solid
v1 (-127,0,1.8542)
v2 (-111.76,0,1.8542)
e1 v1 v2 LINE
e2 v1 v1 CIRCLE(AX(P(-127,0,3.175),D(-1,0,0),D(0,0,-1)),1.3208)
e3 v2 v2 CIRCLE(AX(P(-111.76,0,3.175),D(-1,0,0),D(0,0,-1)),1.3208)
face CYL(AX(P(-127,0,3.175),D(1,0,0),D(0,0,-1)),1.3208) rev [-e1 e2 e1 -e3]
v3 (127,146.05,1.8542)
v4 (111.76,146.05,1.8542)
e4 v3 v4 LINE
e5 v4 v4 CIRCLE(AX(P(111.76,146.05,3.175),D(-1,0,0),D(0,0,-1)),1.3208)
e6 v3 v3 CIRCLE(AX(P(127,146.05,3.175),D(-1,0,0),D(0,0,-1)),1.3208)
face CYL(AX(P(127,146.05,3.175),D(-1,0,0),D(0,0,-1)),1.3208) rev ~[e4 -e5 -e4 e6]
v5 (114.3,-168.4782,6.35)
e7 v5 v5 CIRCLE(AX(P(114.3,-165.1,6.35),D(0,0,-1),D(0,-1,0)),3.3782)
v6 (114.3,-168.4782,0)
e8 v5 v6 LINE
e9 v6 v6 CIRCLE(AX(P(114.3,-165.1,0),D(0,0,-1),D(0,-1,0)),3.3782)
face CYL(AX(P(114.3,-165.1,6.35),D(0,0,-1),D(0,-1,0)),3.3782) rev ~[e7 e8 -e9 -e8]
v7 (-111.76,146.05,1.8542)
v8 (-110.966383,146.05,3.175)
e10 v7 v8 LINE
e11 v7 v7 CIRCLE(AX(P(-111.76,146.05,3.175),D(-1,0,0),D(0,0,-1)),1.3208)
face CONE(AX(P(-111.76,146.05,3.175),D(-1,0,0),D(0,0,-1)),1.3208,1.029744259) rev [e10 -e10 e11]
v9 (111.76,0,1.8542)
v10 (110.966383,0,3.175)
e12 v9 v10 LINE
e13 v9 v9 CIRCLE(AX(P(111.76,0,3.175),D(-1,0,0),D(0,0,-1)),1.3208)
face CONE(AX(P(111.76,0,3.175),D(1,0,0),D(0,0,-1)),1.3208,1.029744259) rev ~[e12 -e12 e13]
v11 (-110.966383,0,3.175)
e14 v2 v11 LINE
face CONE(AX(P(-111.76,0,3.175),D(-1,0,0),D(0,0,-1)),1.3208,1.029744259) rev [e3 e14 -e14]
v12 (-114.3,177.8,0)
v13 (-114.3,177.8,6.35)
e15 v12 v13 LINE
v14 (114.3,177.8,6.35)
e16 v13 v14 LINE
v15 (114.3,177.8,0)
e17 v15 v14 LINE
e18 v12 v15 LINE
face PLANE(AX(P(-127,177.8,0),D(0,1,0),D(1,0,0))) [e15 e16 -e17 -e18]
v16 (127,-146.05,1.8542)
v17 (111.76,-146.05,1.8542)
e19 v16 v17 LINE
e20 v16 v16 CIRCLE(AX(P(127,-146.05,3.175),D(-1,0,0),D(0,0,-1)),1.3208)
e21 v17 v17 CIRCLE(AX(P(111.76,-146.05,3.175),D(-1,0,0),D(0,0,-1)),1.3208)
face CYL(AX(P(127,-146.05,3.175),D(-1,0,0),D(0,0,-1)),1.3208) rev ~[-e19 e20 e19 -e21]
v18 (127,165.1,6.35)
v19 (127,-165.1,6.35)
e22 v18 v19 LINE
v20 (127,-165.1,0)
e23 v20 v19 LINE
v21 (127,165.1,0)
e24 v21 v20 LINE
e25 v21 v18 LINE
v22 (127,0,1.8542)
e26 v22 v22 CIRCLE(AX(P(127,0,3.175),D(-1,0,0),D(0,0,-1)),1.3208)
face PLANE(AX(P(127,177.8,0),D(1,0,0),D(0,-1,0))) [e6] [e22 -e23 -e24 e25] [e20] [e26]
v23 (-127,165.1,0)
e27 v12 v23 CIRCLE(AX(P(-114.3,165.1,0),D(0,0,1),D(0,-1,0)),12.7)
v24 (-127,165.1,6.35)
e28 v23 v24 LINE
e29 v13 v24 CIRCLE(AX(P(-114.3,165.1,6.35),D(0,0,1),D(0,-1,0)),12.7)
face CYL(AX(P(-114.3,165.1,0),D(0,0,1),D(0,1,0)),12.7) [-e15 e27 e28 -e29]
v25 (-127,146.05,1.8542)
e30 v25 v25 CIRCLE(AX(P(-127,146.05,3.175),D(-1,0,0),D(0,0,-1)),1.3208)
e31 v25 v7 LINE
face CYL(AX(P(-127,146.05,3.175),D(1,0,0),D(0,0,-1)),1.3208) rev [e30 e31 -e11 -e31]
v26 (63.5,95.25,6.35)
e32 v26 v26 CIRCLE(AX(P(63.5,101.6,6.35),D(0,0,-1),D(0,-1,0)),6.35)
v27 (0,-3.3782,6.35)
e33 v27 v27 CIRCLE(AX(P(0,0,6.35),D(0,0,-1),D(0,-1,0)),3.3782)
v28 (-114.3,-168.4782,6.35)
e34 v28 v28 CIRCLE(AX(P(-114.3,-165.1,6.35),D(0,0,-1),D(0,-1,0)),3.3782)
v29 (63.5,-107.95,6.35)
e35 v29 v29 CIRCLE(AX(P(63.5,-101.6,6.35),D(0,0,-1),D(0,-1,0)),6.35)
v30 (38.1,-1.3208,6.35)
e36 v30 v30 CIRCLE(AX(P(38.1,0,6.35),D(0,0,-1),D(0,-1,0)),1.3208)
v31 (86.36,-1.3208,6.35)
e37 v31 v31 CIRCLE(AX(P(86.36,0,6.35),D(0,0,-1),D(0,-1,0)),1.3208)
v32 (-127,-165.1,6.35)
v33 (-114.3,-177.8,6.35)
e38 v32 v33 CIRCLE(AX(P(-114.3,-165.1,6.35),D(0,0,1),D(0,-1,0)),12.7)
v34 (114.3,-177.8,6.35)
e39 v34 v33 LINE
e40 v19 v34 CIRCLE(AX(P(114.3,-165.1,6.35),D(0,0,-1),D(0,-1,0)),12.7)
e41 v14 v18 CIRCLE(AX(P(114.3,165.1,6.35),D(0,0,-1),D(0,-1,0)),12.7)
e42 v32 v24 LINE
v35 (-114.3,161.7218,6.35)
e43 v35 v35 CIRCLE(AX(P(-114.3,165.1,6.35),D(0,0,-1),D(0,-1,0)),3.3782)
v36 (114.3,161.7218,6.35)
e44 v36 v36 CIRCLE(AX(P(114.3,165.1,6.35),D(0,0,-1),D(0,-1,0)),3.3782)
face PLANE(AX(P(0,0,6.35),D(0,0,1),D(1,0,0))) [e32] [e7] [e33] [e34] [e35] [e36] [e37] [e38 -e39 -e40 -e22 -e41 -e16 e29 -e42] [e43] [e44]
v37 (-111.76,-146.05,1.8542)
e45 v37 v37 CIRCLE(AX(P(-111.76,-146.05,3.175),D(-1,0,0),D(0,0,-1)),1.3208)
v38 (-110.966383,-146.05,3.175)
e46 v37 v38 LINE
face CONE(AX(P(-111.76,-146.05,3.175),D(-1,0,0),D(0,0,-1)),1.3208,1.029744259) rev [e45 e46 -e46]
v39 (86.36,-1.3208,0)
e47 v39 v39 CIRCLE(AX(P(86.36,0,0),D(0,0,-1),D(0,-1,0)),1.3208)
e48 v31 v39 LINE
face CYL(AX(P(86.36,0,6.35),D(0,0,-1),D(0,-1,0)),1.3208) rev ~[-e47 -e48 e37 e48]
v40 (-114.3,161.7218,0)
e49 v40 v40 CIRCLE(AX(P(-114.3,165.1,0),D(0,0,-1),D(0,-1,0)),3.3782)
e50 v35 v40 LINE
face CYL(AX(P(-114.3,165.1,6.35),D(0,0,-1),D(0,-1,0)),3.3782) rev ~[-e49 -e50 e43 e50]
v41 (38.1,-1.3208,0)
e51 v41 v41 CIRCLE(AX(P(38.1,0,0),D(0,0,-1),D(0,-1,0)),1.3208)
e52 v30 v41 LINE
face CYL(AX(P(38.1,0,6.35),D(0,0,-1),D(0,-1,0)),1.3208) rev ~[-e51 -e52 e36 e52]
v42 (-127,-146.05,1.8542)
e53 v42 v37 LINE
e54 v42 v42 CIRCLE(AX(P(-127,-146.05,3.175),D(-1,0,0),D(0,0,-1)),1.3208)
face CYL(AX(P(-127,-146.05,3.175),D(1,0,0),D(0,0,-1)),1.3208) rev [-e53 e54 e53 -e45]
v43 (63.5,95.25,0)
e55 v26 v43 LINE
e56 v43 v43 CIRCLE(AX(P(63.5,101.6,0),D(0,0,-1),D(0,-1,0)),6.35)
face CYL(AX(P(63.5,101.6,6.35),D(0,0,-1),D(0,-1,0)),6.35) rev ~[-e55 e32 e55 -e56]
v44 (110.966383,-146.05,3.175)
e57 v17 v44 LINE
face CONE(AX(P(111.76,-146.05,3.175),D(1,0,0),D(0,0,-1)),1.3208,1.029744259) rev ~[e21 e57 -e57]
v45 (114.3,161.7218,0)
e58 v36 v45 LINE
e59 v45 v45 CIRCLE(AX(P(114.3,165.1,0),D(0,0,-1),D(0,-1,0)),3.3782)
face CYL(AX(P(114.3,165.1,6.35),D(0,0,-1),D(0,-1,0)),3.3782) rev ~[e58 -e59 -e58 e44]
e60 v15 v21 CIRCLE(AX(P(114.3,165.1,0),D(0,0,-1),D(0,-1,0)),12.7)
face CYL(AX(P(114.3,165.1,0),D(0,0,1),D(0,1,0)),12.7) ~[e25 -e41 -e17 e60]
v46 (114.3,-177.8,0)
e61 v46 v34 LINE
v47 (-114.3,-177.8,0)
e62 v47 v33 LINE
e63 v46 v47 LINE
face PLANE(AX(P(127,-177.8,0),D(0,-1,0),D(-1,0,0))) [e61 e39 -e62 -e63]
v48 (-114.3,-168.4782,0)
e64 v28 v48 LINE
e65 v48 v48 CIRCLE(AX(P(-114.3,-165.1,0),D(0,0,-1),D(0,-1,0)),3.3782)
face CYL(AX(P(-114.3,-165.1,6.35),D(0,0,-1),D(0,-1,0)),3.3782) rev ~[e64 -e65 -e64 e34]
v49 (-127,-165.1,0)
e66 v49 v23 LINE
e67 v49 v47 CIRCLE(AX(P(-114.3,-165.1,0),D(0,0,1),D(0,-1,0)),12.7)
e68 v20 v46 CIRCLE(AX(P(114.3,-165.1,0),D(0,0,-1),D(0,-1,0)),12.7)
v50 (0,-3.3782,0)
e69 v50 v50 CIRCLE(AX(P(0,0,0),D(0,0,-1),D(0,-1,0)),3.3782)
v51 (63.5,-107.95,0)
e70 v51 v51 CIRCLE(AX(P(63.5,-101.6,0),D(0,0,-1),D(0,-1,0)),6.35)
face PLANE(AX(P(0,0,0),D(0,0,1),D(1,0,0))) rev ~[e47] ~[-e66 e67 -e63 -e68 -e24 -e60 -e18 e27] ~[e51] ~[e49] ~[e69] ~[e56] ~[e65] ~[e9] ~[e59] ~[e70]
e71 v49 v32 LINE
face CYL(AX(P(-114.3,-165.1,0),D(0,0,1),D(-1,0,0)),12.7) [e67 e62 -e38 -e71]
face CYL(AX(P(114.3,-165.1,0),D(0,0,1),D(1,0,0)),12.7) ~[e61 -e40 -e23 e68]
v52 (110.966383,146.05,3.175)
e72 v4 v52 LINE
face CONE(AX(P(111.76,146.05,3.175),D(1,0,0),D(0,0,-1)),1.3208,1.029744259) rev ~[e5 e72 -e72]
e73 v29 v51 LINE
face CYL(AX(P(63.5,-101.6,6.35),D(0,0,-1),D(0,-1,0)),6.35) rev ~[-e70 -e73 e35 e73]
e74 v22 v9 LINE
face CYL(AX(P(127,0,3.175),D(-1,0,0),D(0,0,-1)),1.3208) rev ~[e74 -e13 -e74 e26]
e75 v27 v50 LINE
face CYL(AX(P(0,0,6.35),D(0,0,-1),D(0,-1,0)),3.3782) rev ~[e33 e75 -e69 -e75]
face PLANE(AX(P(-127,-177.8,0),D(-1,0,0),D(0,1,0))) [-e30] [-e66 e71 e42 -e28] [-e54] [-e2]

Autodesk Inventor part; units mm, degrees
ref_plane "YZ Plane" through (0, 0, 0) normal (1, 0, 0) x (0, 1, 0)
ref_plane "XZ Plane" through (0, 0, 0) normal (0, 1, 0) x (-1, 0, 0)
ref_plane "XY Plane" through (0, 0, 0) normal (0, 0, 1) x (1, 0, 0)
sketch "Sketch1" plane through (0, 0, 0) normal (0, 0, 1) x (1, 0, 0)
  line L0 (-127, 177.8) -> (127, 177.8)
  line L1 (127, 177.8) -> (127, -177.8)
  line L2 (127, -177.8) -> (-127, -177.8)
  line L3 (-127, -177.8) -> (-127, 177.8)
  point P0 (0, 0)
  dimension "d0" = 254
  dimension "d1" = 127
  dimension "d2" = 355.6
  dimension "d3" = 177.8
extrude "Extrusion1" add sketch "Sketch1" along normal blind 6.35
sketch "Sketch2" plane through (0, 0, 6.35) normal (0, 0, 1) x (1, 0, 0)
  line L0 (-114.3, 165.1) -> (114.3, 165.1) construction
  line L1 (114.3, 165.1) -> (114.3, -165.1) construction
  line L2 (114.3, -165.1) -> (-114.3, -165.1) construction
  line L3 (-114.3, -165.1) -> (-114.3, 165.1) construction
  line L4 (-127, 177.8) -> (127, 177.8) construction
  line L5 (127, -177.8) -> (-127, -177.8) construction
  line L6 (-127, -177.8) -> (-127, 177.8) construction
  line L7 (127, 177.8) -> (127, -177.8) construction
  point P0 (0, 0)
  point P1 (0, 0)
  dimension "d6" = 12.7
  dimension "d7" = 12.7
  dimension "d8" = 12.7
  dimension "d9" = 12.7
hole "Hole1" at (-114.3, 165.1, 6.35) at (114.3, 165.1, 6.35) at (114.3, -165.1, 6.35) at (-114.3, -165.1, 6.35) at (0, 0, 6.35) direction (0, 0, -1) diameter 6.7564 end through all clearance for "Flat Head Machine Screw (82)" size "1/4" standard "Ansi Unified Screw Threads"
fillet "Fillet1" radius 12.7 4 edges at (127, -177.8, 3.175) (-127, -177.8, 3.175) (127, 177.8, 3.175) (-127, 177.8, 3.175)
sketch "Sketch9" plane through (127, -165.1, 0) normal (1, 0, 0) x (0, 0, -1)
  line L0 (-6.35, 330.2) -> (0, 330.2) projected
  line L1 (-6.35, 330.2) -> (-6.35, 0) projected
  line L2 (0, 0) -> (-6.35, 0) projected
  line L3 (0, 330.2) -> (0, 0) projected
  line L4 (-3.175, 330.2) -> (-3.175, 0) construction
  line L5 (0, 165.1) -> (-6.35, 165.1) construction
  point P0 (-3.175, 165.1)
  point P1 (-3.175, 311.15)
  point P2 (-3.175, 19.05)
  dimension "d68" = 146.05
hole "Hole6" at (127, 0, 3.175) at (127, 146.05, 3.175) at (127, -146.05, 3.175) direction (-1, 0, 0) diameter 2.6416 depth 15.24 tip angle 118 thread size "6-32 UNC" class "2B" standard "ANSI Unified Screw Threads"
mirror "Mirror2" about plane through (0, 0, 0) normal (1, 0, 0) of "Hole6"
sketch "Sketch10" plane through (0, 0, 6.35) normal (0, 0, 1) x (1, 0, 0)
  line L0 (-177.8, 0) -> (177.8, 0) construction
  point P0 (0, 0)
  point P1 (86.36, 0)
  point P2 (38.1, 0)
  dimension "d76" = 48.26
  dimension "d85" = 38.1
hole "Hole7" at (86.36, 0, 6.35) at (38.1, 0, 6.35) direction (0, 0, -1) diameter 2.6416 end through all thread size "6-32 UNC" class "2B" standard "ANSI Unified Screw Threads"
sketch "Sketch11" plane through (0, 0, 6.35) normal (0, 0, 1) x (1, 0, 0)
  circle A0 centre (38.1, 0) radius 1.3208 projected
  circle A1 centre (86.36, 0) radius 1.3208 projected
  arc A2 (-114.3, 177.8) -> (-127, 165.1) centre (-114.3, 165.1) ccw projected
  line L0 (-127, -165.1) -> (-127, 165.1) projected
  arc A3 (-127, -165.1) -> (-114.3, -177.8) centre (-114.3, -165.1) ccw projected
  line L1 (114.3, -177.8) -> (-114.3, -177.8) projected
  arc A4 (114.3, -177.8) -> (127, -165.1) centre (114.3, -165.1) ccw projected
  line L2 (127, 165.1) -> (127, -165.1) projected
  arc A5 (127, 165.1) -> (114.3, 177.8) centre (114.3, 165.1) ccw projected
  line L3 (-114.3, 177.8) -> (114.3, 177.8) projected
  circle A6 centre (0, 0) radius 3.3782 projected
  circle A7 centre (-114.3, -165.1) radius 3.3782 projected
  circle A8 centre (114.3, -165.1) radius 3.3782 projected
  circle A9 centre (114.3, 165.1) radius 3.3782 projected
  circle A10 centre (-114.3, 165.1) radius 3.3782 projected
  line L4 (63.5, 177.8) -> (63.5, -177.8) construction
  line L5 (-127, 0) -> (127, 0) construction
  point P0 (63.5, 101.6)
  point P1 (63.5, -101.6)
  dimension "d86" = 63.5
  dimension "d87" = 101.6
hole "Hole8" at (63.5, 101.6, 6.35) at (63.5, -101.6, 6.35) direction (0, 0, -1) diameter 12.7 end through all
equation "\"d1\" = 0.5 * d0"
equation "\"d3\" = 0.5 * d2"
properties part number "J001398" material "ALUMINUM, 6061-T651"
